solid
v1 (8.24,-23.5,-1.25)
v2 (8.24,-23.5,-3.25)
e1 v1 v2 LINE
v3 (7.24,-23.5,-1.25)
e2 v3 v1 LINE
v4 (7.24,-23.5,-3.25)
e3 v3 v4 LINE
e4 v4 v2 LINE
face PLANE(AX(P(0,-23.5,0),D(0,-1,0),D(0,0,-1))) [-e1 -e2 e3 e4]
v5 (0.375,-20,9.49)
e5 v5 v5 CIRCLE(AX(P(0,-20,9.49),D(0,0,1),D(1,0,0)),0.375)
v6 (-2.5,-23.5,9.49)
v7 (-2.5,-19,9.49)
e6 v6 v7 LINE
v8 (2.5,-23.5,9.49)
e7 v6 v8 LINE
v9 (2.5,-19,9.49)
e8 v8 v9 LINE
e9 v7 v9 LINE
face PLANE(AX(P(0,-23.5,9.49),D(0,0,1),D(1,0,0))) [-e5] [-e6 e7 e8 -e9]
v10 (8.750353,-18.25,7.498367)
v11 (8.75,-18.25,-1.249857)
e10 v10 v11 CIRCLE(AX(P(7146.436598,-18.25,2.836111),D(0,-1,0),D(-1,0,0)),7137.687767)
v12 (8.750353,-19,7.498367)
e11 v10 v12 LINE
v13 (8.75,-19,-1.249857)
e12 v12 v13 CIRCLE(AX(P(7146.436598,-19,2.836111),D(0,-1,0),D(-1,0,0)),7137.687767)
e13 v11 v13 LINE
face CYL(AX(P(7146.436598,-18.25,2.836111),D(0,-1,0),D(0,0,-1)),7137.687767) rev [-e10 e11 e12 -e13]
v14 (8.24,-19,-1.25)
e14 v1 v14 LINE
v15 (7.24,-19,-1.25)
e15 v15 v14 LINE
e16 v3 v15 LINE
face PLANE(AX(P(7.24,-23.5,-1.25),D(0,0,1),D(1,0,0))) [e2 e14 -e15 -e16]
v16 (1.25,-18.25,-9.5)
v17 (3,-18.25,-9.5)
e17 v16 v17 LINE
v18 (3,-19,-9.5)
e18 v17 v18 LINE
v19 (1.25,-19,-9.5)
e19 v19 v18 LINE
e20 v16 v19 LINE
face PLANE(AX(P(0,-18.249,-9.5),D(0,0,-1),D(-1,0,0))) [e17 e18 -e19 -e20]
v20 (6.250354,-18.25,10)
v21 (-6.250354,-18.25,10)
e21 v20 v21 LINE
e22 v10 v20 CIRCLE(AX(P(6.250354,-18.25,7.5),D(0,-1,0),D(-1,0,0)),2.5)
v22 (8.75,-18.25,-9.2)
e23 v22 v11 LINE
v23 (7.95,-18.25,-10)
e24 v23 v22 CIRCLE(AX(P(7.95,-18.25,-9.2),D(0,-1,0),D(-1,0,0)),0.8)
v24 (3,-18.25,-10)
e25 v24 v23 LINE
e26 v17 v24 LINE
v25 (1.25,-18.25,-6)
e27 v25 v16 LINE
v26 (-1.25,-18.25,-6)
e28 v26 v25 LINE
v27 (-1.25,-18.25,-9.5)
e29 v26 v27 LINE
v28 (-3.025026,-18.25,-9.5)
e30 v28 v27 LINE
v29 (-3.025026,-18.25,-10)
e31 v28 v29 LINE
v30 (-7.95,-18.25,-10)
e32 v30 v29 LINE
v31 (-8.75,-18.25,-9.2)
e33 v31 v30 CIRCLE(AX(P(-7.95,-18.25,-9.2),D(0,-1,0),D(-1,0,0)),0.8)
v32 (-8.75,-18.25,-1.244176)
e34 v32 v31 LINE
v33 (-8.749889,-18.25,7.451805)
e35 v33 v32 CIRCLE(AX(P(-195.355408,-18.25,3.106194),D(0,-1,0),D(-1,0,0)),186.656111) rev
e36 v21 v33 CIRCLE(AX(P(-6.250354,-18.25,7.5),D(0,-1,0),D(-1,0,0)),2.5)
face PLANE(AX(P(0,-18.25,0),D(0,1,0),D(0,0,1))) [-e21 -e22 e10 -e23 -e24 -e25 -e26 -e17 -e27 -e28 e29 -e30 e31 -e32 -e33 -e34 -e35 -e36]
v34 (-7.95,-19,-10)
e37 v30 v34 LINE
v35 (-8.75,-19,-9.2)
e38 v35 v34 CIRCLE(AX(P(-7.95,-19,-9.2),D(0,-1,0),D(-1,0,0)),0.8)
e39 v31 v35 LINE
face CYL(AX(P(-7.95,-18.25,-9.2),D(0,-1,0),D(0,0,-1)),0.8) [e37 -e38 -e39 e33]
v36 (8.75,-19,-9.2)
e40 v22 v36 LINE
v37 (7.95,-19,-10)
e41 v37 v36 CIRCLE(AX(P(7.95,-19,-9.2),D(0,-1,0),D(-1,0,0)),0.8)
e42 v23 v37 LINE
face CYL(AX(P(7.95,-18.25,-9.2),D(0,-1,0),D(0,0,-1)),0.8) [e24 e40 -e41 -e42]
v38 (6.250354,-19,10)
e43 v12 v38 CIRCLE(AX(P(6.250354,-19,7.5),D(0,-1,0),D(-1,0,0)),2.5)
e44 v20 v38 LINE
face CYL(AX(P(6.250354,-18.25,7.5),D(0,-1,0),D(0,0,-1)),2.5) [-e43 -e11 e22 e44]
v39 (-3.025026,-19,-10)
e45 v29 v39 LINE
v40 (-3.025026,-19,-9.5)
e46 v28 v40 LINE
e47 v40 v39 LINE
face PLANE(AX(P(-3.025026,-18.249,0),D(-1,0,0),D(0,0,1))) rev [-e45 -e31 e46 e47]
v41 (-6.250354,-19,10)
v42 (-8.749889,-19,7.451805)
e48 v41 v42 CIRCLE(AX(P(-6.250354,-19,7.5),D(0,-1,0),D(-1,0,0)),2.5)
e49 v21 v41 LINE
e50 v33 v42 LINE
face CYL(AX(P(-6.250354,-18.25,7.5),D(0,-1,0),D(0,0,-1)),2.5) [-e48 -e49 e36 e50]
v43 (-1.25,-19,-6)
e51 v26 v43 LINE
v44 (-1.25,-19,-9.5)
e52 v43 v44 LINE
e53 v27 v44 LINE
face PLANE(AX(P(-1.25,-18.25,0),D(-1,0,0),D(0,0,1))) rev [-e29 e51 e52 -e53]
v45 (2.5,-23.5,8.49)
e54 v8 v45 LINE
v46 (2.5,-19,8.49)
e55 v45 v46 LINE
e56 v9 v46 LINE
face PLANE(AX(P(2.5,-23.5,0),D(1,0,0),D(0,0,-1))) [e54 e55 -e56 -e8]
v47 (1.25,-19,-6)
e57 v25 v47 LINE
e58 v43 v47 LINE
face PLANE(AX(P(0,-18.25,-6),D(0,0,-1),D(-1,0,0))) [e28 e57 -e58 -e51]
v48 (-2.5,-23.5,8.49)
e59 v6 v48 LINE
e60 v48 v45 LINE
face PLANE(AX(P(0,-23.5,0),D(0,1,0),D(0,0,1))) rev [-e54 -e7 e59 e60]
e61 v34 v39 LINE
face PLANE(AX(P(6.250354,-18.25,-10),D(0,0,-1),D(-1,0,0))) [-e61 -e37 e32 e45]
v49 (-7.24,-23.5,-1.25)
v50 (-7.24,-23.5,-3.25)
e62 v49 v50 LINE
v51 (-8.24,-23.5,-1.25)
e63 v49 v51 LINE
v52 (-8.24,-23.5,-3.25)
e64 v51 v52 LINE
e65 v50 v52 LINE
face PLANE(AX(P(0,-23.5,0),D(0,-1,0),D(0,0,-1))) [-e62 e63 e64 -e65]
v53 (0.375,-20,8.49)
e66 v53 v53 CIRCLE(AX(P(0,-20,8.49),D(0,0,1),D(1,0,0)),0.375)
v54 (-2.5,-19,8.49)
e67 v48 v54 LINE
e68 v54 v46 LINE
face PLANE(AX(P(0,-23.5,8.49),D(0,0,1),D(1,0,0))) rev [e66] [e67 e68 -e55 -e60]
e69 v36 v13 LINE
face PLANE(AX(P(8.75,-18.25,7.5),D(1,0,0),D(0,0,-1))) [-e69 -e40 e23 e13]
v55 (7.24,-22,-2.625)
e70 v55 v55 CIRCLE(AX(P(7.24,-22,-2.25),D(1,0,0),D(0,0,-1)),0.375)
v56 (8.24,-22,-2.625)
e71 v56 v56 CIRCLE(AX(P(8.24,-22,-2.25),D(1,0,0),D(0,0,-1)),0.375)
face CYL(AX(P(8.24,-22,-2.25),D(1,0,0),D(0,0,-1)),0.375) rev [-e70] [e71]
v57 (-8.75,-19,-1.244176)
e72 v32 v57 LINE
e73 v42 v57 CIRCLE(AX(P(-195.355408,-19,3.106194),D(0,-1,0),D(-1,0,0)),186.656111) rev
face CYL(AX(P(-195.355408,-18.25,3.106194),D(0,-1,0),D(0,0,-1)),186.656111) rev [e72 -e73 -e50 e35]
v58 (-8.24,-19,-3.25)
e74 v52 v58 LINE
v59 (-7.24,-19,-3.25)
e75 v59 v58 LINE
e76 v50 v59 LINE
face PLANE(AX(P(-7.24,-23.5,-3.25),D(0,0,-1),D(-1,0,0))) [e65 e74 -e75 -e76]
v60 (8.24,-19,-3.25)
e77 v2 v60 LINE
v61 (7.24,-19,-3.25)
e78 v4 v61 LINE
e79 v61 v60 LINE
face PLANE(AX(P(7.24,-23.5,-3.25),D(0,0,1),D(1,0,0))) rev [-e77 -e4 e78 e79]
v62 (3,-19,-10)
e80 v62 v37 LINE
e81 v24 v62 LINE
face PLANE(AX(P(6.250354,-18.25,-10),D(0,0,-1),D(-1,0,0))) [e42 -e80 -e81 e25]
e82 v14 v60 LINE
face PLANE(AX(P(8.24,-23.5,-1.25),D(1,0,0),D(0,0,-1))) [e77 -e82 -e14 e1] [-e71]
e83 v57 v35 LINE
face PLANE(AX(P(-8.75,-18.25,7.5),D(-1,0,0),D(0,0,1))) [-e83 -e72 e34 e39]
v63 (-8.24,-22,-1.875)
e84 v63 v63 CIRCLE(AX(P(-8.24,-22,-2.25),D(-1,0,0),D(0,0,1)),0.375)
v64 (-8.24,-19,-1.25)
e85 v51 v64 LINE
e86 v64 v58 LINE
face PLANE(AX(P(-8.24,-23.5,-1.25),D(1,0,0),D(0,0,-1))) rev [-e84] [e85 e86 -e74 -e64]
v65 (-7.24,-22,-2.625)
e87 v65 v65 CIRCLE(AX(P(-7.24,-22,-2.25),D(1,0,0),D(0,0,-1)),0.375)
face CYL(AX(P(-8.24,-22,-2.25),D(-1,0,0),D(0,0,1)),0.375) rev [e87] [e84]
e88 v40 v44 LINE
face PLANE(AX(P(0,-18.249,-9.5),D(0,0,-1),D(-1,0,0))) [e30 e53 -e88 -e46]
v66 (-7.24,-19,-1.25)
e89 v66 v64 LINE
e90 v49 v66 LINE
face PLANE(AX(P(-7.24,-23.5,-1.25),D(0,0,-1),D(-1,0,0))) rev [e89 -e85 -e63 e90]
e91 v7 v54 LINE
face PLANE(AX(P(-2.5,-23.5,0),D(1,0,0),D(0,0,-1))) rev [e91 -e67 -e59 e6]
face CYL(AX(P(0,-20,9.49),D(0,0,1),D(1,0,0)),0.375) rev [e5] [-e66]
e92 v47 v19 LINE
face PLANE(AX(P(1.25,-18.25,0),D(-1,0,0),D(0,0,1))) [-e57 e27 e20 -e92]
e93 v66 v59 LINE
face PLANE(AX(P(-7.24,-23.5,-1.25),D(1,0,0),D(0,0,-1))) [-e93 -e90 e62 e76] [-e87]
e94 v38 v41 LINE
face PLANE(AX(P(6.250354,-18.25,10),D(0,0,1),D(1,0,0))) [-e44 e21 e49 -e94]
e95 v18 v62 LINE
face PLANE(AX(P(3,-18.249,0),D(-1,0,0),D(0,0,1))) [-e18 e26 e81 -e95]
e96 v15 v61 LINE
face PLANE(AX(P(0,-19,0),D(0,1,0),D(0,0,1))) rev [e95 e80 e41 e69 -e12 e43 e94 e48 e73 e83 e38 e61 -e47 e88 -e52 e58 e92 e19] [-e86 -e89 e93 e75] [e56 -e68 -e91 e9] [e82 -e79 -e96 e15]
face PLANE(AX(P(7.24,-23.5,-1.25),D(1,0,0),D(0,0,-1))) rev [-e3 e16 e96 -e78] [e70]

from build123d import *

# Parameters (mm, degrees)
BOSS_EXTRUDE4_DEPTH    = 0.75
EXTRUDE_THIN2_DEPTH    = 0.75
UPPER_17_W             = 5
UPPER_17_H             = 1
UPPER_17_W_2           = 1
UPPER_17_H_2           = 2
LID_ANCHOR_FRONT_DEPTH = 4.5
TAP_LATERAL_LID_D      = 0.75
TAP_FRONT_LID_D        = 0.75
CUT_EXTRUDE1_REACH     = 16.029


with BuildPart() as part:
    # upper_13 → Boss-Extrude4 (new body)
    with BuildSketch(Plane(origin=(0, -19, 0), x_dir=(1, 0, 0), z_dir=(0, 1, 0))):
        with BuildLine():
            Line((-6.250353693, -9.5), (6.250353693, -9.5))
            ThreePointArc((6.250353693, -9.5), (7.665029054, -8.913751613), (8.250353267, -7.498693623))
            ThreePointArc((8.250353267, -7.498693623), (8.248836313, -3.124346866), (8.25, 1.25))
            Line((8.25, 1.25), (8.25, 9.2))
            ThreePointArc((8.25, 9.2), (8.162132034, 9.412132034), (7.95, 9.5))
            Line((7.95, 9.5), (1.25, 9.5))
            Line((1.25, 9.5), (1.25, 6))
            Line((1.25, 6), (-1.25, 6))
            Line((-1.25, 6), (-1.25, 9.5))
            Line((-1.25, 9.5), (-7.95, 9.5))
            ThreePointArc((-7.95, 9.5), (-8.162132034, 9.412132034), (-8.25, 9.2))
            Line((-8.25, 9.2), (-8.25, 1.25))
            ThreePointArc((-8.25, 1.25), (-8.199296345, -3.106194095), (-8.25, -7.462388189))
            ThreePointArc((-8.25, -7.462388189), (-7.677803101, -8.900852665), (-6.250353693, -9.5))
        make_face()
    extrude(amount=BOSS_EXTRUDE4_DEPTH)



with BuildPart() as body_2:
    # upper_16 → Extrude-Thin2 (new body)
    with BuildSketch(Plane(origin=(0, -19, 0), x_dir=(1, 0, 0), z_dir=(0, 1, 0))):
        with BuildLine():
            Line((-8.75, 1.244176388), (-8.75, 9.2))
            ThreePointArc((-8.75, 9.2), (-8.515685425, 9.765685425), (-7.95, 10))
            Line((-7.95, 10), (7.95, 10))
            ThreePointArc((7.95, 10), (8.515685425, 9.765685425), (8.75, 9.2))
            Line((8.75, 9.2), (8.75, 1.24985689))
            ThreePointArc((8.75, 1.24985689), (8.74883631, -3.124255124), (8.75035316, -7.498367029))
            ThreePointArc((8.75035316, -7.498367029), (8.018697895, -9.267189516), (6.250353693, -10))
            Line((6.250353693, -10), (-6.250353693, -10))
            ThreePointArc((-6.250353693, -10), (-8.035078913, -9.250644422), (-8.749889093, -7.451804713))
            ThreePointArc((-8.749889093, -7.451804713), (-8.69929636, -3.103813517), (-8.75, 1.244176388))
        make_face()
        with BuildLine():
            Line((-8.25, 1.25), (-8.25, 9.2))
            ThreePointArc((-8.25, 9.2), (-8.162132034, 9.412132034), (-7.95, 9.5))
            Line((-7.95, 9.5), (7.95, 9.5))
            ThreePointArc((7.95, 9.5), (8.162132034, 9.412132034), (8.25, 9.2))
            Line((8.25, 9.2), (8.25, 1.25))
            ThreePointArc((8.25, 1.25), (8.248836313, -3.124346866), (8.250353267, -7.498693623))
            ThreePointArc((8.250353267, -7.498693623), (7.665029054, -8.913751613), (6.250353693, -9.5))
            Line((6.250353693, -9.5), (-6.250353693, -9.5))
            ThreePointArc((-6.250353693, -9.5), (-7.677803101, -8.900852665), (-8.25, -7.462388189))
            ThreePointArc((-8.25, -7.462388189), (-8.199296345, -3.106194095), (-8.25, 1.25))
        make_face(mode=Mode.SUBTRACT)
    extrude(amount=EXTRUDE_THIN2_DEPTH)


with BuildPart() as part_1:
    add(part.part)

    add(body_2.part)  # lid_anchor_front merges body 2
    # upper_17 → lid_anchor_front (add)
    with BuildSketch(Plane(origin=(0, -19, 0), x_dir=(1, 0, 0), z_dir=(0, 1, 0))):
        with Locations((0, -8.99)):
            Rectangle(UPPER_17_W, UPPER_17_H)
        with Locations((-7.74, 2.25)):
            Rectangle(UPPER_17_W_2, UPPER_17_H_2)
    lid_anchor_front = extrude(amount=-LID_ANCHOR_FRONT_DEPTH)

    # tap_lateral_lid (through all)
    with Locations(Plane.ZY.offset(8.24)):
        with Locations((-2.25, -22)):
            tap_lateral_lid = Hole(TAP_LATERAL_LID_D / 2)

    # Mirror3: lid_anchor_front, tap_lateral_lid across plane
    add(lid_anchor_front.mirror(Plane(origin=(0, 0, 0), x_dir=(0, 0, 1), z_dir=(1, 0, 0))))
    add(tap_lateral_lid.mirror(Plane(origin=(0, 0, 0), x_dir=(0, 0, 1), z_dir=(1, 0, 0))), mode=Mode.SUBTRACT)

    # tap_front_lid (through all)
    with Locations(Plane.XY.offset(9.49)):
        with Locations((0, -20)):
            Hole(TAP_FRONT_LID_D / 2)

    # upper_18 → Cut-Extrude1 (cut, up to next)
    with BuildSketch(Plane(origin=(0, -19, 0), x_dir=(1, 0, 0), z_dir=(0, 1, 0)), mode=Mode.PRIVATE) as cut_extrude1_sk1:
        with BuildLine():
            ThreePointArc((-2.5, 9.5), (-1.767766953, 11.267766953), (0, 12))
            Line((0, 12), (-1.556624327, 12))
            Line((-1.556624327, 12), (-3, 9.5))
            Line((-3, 9.5), (-2.5, 9.5))
        make_face()
    cut_extrude1_tool1 = extrude(cut_extrude1_sk1.sketch, amount=CUT_EXTRUDE1_REACH, mode=Mode.PRIVATE) & part_1.part
    # upper_18 → Cut-Extrude1 (cut, up to next)
    with BuildSketch(Plane(origin=(0, -19, 0), x_dir=(1, 0, 0), z_dir=(0, 1, 0)), mode=Mode.PRIVATE) as cut_extrude1_sk2:
        with BuildLine():
            Line((2.5, 9.5), (3, 9.5))
            Line((3, 9.5), (1.556624327, 12))
            Line((1.556624327, 12), (0, 12))
            ThreePointArc((0, 12), (1.767766953, 11.267766953), (2.5, 9.5))
        make_face()
    cut_extrude1_tool2 = extrude(cut_extrude1_sk2.sketch, amount=CUT_EXTRUDE1_REACH, mode=Mode.PRIVATE) & part_1.part
    # upper_18 → Cut-Extrude1 (cut, up to next)
    with BuildSketch(Plane(origin=(0, -19, 0), x_dir=(1, 0, 0), z_dir=(0, 1, 0)), mode=Mode.PRIVATE) as cut_extrude1_sk3:
        with BuildLine():
            Line((1.25, 9.5), (2.5, 9.5))
            ThreePointArc((2.5, 9.5), (1.767766953, 11.267766953), (0, 12))
            ThreePointArc((0, 12), (-1.767766953, 11.267766953), (-2.5, 9.5))
            Line((-2.5, 9.5), (-1.25, 9.5))
            Line((-1.25, 9.5), (1.25, 9.5))
        make_face()
    cut_extrude1_tool3 = extrude(cut_extrude1_sk3.sketch, amount=CUT_EXTRUDE1_REACH, mode=Mode.PRIVATE) & part_1.part
    # upper_18 → Cut-Extrude1 (cut, up to next)
    with BuildSketch(Plane(origin=(0, -19, 0), x_dir=(1, 0, 0), z_dir=(0, 1, 0)), mode=Mode.PRIVATE) as cut_extrude1_sk4:
        Polygon((1.556624327, 12), (3, 9.5), (3, 12), align=None)
    cut_extrude1_tool4 = extrude(cut_extrude1_sk4.sketch, amount=CUT_EXTRUDE1_REACH, mode=Mode.PRIVATE) & part_1.part
    # upper_18 → Cut-Extrude1 (cut, up to next)
    with BuildSketch(Plane(origin=(0, -19, 0), x_dir=(1, 0, 0), z_dir=(0, 1, 0)), mode=Mode.PRIVATE) as cut_extrude1_sk5:
        Polygon((-3.025026025, 12), (-3.025026025, 9.5), (-3, 9.5), (-1.556624327, 12), align=None)
    cut_extrude1_tool5 = extrude(cut_extrude1_sk5.sketch, amount=CUT_EXTRUDE1_REACH, mode=Mode.PRIVATE) & part_1.part
    add(cut_extrude1_tool1.solids().sort_by_distance((-2.75, -19, -9.539051))[0], mode=Mode.SUBTRACT)
    add(cut_extrude1_tool2.solids().sort_by_distance((2.244493, -19, -10.730474))[0], mode=Mode.SUBTRACT)
    add(cut_extrude1_tool3.solids().sort_by_distance((0, -19, -10.561033))[0], mode=Mode.SUBTRACT)
    add(cut_extrude1_tool4.solids().sort_by_distance((2.518875, -19, -11.166667))[0], mode=Mode.SUBTRACT)
    add(cut_extrude1_tool5.solids().sort_by_distance((-2.535419, -19, -11.152702))[0], mode=Mode.SUBTRACT)


solid = part_1.part
